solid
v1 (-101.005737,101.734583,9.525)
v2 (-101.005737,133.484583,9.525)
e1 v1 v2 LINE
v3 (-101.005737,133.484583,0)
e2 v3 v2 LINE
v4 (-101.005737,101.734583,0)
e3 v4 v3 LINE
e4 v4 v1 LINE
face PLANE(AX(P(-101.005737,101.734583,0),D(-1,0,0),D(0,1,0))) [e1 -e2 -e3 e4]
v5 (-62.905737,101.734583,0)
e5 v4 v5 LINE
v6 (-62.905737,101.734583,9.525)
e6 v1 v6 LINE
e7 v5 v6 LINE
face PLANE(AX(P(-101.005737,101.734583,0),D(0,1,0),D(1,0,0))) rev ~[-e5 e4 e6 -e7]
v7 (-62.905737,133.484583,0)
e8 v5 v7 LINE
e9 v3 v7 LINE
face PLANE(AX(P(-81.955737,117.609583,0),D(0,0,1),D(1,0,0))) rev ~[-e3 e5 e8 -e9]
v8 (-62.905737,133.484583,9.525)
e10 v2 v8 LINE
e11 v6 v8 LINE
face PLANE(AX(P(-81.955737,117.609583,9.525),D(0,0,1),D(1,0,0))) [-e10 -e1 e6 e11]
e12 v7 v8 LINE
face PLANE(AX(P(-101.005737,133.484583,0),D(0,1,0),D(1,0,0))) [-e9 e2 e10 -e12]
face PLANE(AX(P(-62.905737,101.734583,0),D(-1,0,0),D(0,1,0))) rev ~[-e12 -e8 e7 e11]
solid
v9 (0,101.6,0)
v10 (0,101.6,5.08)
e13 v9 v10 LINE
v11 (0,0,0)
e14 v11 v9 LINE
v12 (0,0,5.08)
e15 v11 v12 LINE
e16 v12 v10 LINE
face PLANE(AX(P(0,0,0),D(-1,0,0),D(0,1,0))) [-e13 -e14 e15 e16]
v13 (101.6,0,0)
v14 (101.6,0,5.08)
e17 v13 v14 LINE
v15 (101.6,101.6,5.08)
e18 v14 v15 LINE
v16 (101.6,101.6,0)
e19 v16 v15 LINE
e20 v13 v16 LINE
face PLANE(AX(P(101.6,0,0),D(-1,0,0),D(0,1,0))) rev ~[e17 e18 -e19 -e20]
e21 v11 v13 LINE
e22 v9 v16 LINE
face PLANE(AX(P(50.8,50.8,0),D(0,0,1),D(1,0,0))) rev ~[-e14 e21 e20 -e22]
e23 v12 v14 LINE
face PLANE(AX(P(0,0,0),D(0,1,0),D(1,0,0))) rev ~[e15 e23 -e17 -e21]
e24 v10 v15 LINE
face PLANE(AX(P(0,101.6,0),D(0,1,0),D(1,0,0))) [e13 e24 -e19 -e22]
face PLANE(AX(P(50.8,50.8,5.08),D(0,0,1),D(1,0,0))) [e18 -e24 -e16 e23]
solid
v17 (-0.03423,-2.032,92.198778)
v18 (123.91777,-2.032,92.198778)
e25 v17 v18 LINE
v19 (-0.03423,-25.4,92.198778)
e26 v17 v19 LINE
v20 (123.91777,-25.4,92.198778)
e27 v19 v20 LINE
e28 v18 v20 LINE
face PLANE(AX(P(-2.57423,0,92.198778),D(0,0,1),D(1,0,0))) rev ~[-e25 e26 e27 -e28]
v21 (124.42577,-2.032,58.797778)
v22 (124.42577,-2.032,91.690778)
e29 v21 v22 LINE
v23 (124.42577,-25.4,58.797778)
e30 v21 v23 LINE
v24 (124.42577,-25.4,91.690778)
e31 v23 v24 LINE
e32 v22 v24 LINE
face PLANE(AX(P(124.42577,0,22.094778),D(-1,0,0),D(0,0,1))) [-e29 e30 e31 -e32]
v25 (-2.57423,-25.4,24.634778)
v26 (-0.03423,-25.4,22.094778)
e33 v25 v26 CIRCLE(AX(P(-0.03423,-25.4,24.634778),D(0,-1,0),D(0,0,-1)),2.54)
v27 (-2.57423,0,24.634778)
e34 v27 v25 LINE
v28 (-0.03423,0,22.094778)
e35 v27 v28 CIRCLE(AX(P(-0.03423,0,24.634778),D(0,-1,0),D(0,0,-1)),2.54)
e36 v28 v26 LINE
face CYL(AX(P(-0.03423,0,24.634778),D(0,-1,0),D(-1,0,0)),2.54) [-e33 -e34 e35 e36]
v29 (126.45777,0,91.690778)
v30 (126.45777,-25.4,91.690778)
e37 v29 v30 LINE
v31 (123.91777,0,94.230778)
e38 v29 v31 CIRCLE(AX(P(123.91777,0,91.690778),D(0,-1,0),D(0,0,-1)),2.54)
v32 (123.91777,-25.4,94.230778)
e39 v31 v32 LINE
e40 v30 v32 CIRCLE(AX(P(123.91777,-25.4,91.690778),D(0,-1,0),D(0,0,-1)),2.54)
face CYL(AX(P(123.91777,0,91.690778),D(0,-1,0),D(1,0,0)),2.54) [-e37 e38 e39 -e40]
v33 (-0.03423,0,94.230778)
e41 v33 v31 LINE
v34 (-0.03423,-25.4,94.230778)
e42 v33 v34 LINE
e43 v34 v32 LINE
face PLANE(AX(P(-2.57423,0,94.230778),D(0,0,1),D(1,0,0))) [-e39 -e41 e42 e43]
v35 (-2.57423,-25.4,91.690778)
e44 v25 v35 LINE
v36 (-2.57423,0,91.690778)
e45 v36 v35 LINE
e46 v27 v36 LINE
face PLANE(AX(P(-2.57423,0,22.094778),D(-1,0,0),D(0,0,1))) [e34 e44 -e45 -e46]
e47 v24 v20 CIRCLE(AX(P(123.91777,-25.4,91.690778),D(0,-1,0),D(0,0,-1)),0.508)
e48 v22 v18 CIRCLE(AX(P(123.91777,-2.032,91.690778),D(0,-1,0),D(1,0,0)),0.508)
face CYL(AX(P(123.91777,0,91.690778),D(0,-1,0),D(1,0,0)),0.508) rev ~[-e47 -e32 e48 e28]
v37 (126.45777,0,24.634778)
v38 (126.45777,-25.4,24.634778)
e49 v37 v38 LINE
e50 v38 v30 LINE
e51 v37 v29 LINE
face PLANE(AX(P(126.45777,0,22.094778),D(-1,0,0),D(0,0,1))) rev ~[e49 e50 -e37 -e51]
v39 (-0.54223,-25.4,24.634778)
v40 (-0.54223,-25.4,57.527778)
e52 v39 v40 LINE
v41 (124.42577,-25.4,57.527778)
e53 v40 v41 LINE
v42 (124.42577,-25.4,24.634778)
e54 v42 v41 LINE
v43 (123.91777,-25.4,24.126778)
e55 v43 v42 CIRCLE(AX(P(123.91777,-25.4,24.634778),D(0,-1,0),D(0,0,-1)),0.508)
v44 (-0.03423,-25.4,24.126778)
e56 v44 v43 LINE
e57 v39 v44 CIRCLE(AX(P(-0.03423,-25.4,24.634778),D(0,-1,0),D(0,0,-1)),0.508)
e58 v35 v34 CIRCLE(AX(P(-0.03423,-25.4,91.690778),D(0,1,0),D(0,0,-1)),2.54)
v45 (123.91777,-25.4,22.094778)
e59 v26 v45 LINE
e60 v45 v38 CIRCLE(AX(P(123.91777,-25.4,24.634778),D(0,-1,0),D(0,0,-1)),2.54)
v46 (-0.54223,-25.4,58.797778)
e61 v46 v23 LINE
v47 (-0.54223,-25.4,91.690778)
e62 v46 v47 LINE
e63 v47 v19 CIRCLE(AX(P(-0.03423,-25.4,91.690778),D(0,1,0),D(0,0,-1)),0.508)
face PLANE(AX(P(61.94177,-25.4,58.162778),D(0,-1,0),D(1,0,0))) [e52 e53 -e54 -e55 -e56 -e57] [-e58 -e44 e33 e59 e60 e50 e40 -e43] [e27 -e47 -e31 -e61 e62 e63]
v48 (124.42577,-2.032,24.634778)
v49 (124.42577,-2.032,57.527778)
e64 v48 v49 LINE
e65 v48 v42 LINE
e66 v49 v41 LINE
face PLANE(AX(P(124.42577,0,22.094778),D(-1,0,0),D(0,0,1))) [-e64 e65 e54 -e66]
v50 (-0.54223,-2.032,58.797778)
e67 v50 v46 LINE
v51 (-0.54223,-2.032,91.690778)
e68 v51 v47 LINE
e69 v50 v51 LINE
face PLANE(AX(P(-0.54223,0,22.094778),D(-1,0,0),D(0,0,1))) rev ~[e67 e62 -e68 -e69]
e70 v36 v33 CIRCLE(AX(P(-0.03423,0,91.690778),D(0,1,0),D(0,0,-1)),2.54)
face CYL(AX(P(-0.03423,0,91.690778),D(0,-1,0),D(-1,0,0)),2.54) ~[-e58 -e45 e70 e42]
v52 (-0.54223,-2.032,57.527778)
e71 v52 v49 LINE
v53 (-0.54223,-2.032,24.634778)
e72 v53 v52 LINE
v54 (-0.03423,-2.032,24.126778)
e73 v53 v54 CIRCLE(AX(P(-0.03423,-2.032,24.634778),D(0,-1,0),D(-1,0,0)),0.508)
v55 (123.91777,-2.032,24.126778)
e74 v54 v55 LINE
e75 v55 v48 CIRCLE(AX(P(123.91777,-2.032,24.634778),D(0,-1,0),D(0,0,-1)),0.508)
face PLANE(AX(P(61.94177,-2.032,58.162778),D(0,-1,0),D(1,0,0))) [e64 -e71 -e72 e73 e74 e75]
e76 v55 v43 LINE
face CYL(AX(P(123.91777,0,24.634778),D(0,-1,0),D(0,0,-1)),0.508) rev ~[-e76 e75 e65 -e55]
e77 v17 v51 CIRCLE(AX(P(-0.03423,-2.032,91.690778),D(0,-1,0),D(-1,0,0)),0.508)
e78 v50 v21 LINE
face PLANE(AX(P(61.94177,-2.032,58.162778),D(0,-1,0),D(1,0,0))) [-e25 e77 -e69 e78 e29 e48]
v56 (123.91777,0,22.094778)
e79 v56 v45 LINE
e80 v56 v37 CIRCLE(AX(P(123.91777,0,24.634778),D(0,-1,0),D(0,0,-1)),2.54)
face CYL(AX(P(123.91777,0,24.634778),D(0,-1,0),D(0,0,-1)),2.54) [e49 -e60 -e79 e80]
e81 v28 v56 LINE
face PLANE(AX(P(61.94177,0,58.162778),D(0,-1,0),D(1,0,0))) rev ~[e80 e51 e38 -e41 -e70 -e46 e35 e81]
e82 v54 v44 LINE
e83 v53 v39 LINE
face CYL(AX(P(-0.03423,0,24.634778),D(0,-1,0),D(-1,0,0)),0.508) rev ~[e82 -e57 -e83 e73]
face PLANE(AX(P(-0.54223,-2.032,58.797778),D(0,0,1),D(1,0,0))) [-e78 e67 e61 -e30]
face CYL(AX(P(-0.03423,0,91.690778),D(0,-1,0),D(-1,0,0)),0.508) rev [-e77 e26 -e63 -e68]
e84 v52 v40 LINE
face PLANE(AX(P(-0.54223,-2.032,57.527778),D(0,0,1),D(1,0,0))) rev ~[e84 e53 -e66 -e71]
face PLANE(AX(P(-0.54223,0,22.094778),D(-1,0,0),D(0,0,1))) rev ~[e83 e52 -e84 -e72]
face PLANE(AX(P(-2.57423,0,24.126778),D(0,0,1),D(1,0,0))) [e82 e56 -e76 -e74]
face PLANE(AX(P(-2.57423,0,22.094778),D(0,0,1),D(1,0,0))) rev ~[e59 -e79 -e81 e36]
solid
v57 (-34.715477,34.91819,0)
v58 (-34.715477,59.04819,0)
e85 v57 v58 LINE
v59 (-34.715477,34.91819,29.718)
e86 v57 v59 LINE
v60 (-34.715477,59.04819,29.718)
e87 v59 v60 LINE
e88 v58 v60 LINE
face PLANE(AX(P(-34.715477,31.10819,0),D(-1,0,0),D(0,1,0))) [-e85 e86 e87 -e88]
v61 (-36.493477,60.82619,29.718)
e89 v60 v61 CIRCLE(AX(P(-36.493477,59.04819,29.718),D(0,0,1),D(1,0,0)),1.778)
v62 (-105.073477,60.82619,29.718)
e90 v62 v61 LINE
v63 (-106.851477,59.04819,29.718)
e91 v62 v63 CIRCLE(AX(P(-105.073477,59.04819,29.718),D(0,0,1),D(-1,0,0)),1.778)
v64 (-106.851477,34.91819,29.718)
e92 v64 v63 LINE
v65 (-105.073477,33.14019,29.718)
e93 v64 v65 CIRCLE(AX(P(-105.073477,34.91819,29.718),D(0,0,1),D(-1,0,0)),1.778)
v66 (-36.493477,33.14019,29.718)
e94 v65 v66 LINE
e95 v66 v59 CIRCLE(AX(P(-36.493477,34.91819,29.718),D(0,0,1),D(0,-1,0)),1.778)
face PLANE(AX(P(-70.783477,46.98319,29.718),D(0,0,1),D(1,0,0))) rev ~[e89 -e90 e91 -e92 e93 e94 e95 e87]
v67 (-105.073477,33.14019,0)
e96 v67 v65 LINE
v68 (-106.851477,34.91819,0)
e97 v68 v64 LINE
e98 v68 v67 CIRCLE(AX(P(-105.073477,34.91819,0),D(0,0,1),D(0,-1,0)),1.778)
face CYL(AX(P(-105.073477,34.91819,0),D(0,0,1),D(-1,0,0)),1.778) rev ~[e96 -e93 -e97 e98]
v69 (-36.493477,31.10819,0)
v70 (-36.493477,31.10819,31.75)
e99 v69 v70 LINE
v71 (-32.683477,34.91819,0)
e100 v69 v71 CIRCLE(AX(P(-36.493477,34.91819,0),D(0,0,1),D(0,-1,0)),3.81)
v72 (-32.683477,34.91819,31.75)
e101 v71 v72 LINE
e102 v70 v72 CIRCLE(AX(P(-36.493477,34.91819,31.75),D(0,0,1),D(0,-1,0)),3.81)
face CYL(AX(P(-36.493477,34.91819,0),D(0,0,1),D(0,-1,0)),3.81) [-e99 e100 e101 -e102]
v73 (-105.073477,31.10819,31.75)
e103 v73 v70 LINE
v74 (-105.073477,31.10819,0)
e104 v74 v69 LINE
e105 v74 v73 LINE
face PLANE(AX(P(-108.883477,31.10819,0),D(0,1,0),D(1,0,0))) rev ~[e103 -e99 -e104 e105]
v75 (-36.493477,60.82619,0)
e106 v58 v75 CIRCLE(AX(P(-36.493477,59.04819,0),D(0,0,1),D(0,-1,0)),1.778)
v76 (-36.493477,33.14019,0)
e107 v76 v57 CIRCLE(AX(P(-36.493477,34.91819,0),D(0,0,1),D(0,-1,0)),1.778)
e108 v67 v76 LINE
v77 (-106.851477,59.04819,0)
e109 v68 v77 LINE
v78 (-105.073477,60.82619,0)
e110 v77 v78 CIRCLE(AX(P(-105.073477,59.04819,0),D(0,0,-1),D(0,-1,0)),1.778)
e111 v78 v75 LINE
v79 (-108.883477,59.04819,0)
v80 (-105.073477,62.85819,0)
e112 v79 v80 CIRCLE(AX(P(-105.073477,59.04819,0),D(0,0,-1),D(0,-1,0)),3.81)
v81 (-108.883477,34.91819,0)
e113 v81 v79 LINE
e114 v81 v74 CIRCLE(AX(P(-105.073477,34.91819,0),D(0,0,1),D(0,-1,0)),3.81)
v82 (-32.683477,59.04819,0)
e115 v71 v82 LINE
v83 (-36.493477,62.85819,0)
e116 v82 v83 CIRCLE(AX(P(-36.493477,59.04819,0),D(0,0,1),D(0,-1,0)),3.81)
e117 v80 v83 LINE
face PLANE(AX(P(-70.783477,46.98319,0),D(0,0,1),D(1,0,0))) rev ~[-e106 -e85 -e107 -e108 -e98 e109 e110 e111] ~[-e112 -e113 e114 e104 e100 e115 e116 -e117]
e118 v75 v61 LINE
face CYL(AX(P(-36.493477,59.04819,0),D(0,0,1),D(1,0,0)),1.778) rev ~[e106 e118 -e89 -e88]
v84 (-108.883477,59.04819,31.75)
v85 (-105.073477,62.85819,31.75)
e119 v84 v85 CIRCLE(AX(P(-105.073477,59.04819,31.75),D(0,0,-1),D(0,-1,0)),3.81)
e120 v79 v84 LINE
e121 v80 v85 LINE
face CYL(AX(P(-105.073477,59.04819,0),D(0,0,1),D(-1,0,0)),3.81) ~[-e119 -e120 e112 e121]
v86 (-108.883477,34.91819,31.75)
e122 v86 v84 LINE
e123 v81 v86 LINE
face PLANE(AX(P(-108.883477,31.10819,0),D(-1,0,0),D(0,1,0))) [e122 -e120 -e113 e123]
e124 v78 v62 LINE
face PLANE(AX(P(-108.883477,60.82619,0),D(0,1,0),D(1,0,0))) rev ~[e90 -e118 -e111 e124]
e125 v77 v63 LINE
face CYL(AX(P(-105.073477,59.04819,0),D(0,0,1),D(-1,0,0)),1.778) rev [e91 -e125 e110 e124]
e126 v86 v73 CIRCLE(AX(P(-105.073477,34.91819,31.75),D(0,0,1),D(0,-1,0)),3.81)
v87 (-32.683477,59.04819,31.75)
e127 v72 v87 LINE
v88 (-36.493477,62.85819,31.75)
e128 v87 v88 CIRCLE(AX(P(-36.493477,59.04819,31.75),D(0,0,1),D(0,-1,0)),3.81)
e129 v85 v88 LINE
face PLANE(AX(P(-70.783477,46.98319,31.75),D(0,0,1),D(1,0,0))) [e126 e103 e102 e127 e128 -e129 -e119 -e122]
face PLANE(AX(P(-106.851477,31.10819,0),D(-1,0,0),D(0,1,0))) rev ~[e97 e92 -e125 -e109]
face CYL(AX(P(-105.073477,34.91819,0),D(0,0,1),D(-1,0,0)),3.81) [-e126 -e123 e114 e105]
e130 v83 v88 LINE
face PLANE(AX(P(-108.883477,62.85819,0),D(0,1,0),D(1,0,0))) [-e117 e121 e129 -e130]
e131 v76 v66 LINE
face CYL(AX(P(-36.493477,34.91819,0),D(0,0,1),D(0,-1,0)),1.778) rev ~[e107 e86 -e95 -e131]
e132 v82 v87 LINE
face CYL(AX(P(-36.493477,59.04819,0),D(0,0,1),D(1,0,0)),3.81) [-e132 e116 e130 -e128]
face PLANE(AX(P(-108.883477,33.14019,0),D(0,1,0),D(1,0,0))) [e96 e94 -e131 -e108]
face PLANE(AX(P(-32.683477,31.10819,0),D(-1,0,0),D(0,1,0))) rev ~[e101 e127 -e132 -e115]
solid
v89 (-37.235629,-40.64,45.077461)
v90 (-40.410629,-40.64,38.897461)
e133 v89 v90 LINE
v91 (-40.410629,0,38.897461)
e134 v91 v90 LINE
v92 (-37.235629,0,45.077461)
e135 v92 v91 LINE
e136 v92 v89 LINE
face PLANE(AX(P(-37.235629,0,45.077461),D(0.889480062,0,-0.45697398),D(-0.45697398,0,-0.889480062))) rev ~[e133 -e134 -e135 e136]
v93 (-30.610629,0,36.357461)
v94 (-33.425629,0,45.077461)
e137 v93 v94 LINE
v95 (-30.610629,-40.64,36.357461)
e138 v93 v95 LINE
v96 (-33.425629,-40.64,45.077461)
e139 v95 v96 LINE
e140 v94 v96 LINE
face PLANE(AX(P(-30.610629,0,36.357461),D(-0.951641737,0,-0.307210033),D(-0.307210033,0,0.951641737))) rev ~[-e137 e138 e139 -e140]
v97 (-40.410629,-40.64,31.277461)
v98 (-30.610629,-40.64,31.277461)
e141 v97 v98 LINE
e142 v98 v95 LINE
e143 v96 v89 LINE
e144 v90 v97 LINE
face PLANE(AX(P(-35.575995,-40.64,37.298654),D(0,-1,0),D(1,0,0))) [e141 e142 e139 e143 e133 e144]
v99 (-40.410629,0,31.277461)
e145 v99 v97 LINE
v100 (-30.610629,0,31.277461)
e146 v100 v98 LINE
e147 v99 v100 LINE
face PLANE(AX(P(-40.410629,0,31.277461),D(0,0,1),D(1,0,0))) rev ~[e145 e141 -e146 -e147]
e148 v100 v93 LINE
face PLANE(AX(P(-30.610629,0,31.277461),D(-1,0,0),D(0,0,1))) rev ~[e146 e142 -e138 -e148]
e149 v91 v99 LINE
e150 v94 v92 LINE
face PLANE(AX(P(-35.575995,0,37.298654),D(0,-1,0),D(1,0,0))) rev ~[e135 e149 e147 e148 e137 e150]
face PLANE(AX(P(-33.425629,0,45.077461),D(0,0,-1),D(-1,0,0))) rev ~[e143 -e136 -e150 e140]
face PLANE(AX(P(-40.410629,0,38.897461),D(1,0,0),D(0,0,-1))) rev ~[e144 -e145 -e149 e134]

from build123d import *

# Parameters (mm, degrees)
F0_W      = 101.6
F0_H      = 101.6
F1_DEPTH  = 5.08
F3_DEPTH  = 40.64
F4_W      = 129.032
F4_H      = 72.136
F5_DEPTH  = 25.4
F6_R      = 2.54
F7_T      = -2.032
F8_W      = 124.968
F8_H      = 1.27
F9_DEPTH  = 23.368
F10_W     = 76.2
F10_H     = 31.75
F11_DEPTH = 31.75
F12_R     = 3.81
F13_T     = -2.032
F14_W     = 38.1
F14_H     = 31.75
F15_DEPTH = 9.525


with BuildPart() as f1:
    # F0 (on Top) → F1 (new body)
    with BuildSketch(Plane.XY):
        with Locations((50.8, 50.8)):
            Rectangle(F0_W, F0_H)
    extrude(amount=F1_DEPTH)


with BuildPart() as f3:
    # F2 (on Front) → F3 (new body)
    with BuildSketch(Plane.XZ):
        Polygon((-40.410629, 38.897461), (-40.410629, 31.277461), (-30.610629, 31.277461), (-30.610629, 36.357461), (-33.425629, 45.077461), (-37.235629, 45.077461), align=None)
    extrude(amount=F3_DEPTH)


with BuildPart() as f5:
    # F4 (on Front) → F5 (new body)
    with BuildSketch(Plane.XZ):
        with Locations((61.94177, 58.162778)):
            Rectangle(F4_W, F4_H)
    extrude(amount=F5_DEPTH)

    # F6
    f6_edges = [f5.edges().sort_by_distance(p)[0] for p in [
        (-2.57423, -12.7, 22.094778),
        (-2.57423, -12.7, 94.230778),
        (126.45777, -12.7, 22.094778),
        (126.45777, -12.7, 94.230778),
    ]]
    fillet(f6_edges, radius=F6_R)

    # F7
    f7_openings = [f5.faces().sort_by_distance(p)[0] for p in [
        (61.94177, -25.4, 58.162778),
    ]]
    offset(amount=F7_T, openings=f7_openings)

    # F8 (on face) → F9 (join, through all)
    with BuildSketch(Plane.XZ.offset(2.032)):
        with Locations((61.94177, 58.162778)):
            Rectangle(F8_W, F8_H)
    extrude(amount=F9_DEPTH)


with BuildPart() as f11:
    # F10 (on Top) → F11 (new body)
    with BuildSketch(Plane.XY):
        with Locations((-70.783477, 46.98319)):
            Rectangle(F10_W, F10_H)
    extrude(amount=F11_DEPTH)

    # F12
    f12_edges = [f11.edges().sort_by_distance(p)[0] for p in [
        (-108.883477, 31.10819, 15.875),
        (-108.883477, 62.85819, 15.875),
        (-32.683477, 62.85819, 15.875),
        (-32.683477, 31.10819, 15.875),
    ]]
    fillet(f12_edges, radius=F12_R)

    # F13
    f13_openings = [f11.faces().sort_by_distance(p)[0] for p in [
        (-70.783477, 46.98319, 0),
    ]]
    offset(amount=F13_T, openings=f13_openings)


with BuildPart() as f15:
    # F14 (on Top) → F15 (new body)
    with BuildSketch(Plane.XY):
        with Locations((-81.955737, 117.609583)):
            Rectangle(F14_W, F14_H)
    extrude(amount=F15_DEPTH)


solid = Compound([f1.part, f3.part, f5.part, f11.part, f15.part])
